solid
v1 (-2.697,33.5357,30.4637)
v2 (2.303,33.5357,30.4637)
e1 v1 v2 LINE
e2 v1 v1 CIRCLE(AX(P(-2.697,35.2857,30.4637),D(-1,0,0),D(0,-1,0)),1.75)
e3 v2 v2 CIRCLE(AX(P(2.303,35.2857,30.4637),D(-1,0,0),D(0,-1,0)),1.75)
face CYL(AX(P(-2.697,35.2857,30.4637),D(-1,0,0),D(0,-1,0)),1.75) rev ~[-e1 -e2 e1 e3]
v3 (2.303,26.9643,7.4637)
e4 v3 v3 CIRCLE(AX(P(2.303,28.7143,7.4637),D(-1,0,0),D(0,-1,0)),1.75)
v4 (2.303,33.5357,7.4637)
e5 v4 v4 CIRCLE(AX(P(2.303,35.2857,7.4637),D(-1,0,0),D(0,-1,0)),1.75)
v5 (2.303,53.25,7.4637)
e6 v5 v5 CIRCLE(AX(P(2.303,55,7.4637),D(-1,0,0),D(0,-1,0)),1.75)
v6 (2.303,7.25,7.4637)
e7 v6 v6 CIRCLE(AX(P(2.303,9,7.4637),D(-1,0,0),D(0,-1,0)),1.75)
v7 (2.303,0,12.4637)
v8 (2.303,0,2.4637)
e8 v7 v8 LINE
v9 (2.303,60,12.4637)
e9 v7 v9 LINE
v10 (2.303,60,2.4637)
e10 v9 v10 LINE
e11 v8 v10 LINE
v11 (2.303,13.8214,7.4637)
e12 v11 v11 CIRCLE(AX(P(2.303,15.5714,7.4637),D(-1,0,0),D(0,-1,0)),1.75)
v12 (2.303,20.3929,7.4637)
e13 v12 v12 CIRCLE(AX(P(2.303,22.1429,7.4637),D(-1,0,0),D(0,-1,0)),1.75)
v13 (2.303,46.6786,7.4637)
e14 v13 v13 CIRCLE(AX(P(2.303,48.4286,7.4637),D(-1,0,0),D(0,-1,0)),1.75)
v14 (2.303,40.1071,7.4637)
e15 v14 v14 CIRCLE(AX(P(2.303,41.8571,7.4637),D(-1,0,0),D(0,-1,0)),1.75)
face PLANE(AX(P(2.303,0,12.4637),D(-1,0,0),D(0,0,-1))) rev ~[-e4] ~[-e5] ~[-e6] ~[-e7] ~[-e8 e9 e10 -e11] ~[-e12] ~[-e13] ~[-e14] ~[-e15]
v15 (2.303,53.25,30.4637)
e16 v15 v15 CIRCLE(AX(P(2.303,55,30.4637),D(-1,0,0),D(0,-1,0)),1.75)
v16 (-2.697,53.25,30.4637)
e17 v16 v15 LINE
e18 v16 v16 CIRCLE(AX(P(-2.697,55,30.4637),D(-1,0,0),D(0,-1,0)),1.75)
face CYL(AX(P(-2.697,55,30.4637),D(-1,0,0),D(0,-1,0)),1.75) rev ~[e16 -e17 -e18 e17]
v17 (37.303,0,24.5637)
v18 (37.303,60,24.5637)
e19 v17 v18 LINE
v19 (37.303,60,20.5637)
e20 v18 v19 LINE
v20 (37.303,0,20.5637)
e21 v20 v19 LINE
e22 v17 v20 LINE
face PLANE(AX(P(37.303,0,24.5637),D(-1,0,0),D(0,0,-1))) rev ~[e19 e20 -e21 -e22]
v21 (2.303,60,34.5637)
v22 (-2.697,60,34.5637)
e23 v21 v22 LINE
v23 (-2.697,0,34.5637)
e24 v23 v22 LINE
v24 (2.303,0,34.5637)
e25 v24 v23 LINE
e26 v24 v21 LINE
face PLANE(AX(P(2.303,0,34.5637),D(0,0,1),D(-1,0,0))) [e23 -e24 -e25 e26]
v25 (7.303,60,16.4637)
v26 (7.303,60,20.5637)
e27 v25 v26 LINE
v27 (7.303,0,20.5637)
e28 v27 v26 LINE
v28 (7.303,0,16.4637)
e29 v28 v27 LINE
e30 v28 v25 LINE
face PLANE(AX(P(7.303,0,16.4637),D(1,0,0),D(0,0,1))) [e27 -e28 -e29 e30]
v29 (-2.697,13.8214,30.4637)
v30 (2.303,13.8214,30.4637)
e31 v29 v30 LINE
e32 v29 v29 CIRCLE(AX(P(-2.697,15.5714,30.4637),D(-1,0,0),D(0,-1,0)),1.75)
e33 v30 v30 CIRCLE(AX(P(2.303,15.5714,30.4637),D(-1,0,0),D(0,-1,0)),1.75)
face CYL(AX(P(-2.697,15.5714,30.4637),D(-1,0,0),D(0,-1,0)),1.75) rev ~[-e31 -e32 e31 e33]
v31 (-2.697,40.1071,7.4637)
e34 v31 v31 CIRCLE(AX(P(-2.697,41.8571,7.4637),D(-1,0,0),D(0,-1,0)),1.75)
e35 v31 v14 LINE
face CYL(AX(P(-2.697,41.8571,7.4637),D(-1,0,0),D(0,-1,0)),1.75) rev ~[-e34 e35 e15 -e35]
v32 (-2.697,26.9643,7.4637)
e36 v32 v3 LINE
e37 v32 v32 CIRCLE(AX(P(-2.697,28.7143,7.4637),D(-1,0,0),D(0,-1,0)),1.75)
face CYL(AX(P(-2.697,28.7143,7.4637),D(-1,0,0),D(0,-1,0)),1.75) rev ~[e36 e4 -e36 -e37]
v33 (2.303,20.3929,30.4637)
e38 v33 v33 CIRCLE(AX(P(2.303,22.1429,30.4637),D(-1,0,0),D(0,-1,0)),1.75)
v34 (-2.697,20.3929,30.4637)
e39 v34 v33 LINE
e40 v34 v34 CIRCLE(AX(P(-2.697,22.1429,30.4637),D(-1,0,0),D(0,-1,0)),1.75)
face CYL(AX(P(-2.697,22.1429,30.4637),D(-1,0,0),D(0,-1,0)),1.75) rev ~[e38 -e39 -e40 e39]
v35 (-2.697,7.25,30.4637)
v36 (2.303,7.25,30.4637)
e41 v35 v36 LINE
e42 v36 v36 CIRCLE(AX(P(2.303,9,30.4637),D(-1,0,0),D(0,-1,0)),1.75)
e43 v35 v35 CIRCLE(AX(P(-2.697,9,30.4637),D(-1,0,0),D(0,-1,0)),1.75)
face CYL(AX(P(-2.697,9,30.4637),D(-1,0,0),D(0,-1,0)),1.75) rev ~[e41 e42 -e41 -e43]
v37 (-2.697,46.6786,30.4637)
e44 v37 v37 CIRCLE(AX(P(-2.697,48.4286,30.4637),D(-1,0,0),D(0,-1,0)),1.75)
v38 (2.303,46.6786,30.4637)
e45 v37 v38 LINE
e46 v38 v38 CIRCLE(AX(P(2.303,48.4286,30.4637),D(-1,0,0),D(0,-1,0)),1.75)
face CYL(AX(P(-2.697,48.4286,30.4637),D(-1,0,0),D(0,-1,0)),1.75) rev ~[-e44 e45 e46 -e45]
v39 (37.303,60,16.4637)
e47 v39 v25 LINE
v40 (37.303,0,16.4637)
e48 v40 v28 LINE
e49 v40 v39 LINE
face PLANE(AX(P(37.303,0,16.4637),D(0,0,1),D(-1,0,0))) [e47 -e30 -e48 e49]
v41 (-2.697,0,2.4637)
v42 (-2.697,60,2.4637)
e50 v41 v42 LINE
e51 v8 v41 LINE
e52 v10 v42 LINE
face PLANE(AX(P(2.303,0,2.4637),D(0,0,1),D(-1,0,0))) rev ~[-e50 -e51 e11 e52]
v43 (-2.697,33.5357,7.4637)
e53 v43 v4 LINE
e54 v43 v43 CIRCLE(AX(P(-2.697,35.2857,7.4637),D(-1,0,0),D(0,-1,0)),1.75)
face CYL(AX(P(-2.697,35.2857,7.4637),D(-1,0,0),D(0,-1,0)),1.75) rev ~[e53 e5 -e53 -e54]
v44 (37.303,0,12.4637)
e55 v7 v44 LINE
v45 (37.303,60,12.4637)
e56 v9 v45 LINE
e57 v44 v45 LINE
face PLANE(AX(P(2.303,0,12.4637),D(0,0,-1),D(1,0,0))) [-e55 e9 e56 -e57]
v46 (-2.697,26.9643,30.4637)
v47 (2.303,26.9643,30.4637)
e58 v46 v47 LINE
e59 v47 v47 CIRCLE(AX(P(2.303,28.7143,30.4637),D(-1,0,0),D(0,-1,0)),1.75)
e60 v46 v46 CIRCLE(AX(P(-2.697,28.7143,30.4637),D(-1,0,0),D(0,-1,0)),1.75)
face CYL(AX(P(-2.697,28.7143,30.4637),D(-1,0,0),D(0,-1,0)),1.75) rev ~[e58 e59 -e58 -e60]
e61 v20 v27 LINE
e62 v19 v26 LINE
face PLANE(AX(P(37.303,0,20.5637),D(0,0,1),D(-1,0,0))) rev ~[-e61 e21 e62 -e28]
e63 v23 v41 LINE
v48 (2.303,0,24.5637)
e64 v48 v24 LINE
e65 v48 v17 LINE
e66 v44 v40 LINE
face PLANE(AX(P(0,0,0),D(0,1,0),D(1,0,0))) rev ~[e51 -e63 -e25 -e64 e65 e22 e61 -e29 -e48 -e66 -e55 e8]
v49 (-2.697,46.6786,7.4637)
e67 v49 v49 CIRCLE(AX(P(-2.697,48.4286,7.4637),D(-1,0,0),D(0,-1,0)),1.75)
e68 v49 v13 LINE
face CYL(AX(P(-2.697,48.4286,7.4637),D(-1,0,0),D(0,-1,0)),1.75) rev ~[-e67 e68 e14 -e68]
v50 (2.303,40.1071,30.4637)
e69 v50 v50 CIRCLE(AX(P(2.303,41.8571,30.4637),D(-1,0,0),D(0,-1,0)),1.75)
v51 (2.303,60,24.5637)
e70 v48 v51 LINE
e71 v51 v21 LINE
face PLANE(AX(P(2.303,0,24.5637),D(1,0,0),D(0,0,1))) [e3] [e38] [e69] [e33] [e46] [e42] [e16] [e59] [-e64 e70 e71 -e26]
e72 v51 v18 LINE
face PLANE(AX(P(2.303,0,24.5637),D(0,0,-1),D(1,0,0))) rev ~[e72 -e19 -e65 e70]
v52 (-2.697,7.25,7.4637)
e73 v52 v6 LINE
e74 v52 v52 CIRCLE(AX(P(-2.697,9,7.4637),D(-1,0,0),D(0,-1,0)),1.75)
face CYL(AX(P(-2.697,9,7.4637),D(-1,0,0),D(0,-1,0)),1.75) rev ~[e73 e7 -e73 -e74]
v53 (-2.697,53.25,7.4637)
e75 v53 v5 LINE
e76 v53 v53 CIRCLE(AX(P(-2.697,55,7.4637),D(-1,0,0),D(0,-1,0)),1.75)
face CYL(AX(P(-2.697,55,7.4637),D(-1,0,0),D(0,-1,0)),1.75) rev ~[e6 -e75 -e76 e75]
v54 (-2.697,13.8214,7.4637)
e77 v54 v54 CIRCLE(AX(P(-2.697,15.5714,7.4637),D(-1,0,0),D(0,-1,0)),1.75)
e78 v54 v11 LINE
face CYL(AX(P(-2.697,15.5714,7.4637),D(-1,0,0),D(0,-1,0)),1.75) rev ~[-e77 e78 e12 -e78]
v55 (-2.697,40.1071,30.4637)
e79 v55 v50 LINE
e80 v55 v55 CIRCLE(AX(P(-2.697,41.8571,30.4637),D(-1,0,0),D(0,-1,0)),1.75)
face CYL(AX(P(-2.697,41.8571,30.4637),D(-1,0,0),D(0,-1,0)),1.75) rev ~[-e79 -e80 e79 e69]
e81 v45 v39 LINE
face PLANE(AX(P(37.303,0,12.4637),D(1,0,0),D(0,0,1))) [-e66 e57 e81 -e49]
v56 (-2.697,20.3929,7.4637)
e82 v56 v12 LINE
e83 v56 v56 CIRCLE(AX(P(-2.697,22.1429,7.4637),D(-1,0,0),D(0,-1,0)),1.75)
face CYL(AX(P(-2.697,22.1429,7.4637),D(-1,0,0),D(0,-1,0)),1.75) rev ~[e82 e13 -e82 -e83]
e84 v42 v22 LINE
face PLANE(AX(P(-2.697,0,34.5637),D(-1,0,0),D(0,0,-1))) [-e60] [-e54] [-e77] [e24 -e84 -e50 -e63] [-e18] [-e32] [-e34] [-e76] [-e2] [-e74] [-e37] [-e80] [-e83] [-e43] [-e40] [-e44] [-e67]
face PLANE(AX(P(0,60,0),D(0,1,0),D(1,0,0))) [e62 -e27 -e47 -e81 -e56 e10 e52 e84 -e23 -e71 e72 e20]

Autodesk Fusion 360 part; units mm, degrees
sketch "Sketch1" plane through (0, 0, 0) normal (0, 1, 0) x (1, 0, 0)
  line L0 (37.303, -16.4637) -> (7.303, -16.4637)
  line L1 (-2.697, -16.4637) -> (-2.697, -12.4637)
  line L2 (2.303, -12.4637) -> (37.303, -12.4637)
  line L3 (37.303, -12.4637) -> (37.303, -16.4637)
  line L4 (37.303, -18.5137) -> (-5.6588, -18.5137) construction
  line L5 (2.303, -24.5637) -> (37.303, -24.5637)
  line L6 (-2.697, -20.5637) -> (-2.697, -24.5637)
  line L7 (37.303, -20.5637) -> (7.303, -20.5637)
  line L8 (37.303, -24.5637) -> (37.303, -20.5637)
  line L9 (-2.697, -16.4637) -> (-2.697, -20.5637)
  line L10 (7.303, -16.4637) -> (7.303, -20.5637)
  line L11 (2.303, -12.4637) -> (2.303, -2.4637)
  line L12 (2.303, -2.4637) -> (-2.697, -2.4637)
  line L13 (-2.697, -2.4637) -> (-2.697, -12.4637)
  line L14 (-2.697, -34.5637) -> (-2.697, -24.5637)
  line L15 (2.303, -34.5637) -> (-2.697, -34.5637)
  line L16 (2.303, -24.5637) -> (2.303, -34.5637)
  dimension "d4" = 4
  dimension "d5" = 10
  dimension "d6" = 5
  dimension "d7" = 10
extrude "Extrude1" add sketch "Sketch1" along normal blind 60
sketch "Sketch2" plane through (-2.697, 0, 0) normal (-1, 0, 0) x (0, -1, 0)
  line L0 (0, 2.4637) -> (0, 34.5637)
  line L1 (0, 34.5637) -> (-60, 34.5637)
  line L2 (-60, 34.5637) -> (-60, 2.4637)
  line L3 (-60, 2.4637) -> (0, 2.4637)
  circle A0 centre (-55, 7.4637) radius 1.75
  circle A1 centre (-48.4286, 7.4637) radius 1.75
  circle A2 centre (-41.8571, 7.4637) radius 1.75
  circle A3 centre (-35.2857, 7.4637) radius 1.75
  circle A4 centre (-28.7143, 7.4637) radius 1.75
  circle A5 centre (-22.1429, 7.4637) radius 1.75
  circle A6 centre (-15.5714, 7.4637) radius 1.75
  circle A7 centre (-9, 7.4637) radius 1.75
  circle A8 centre (-55, 30.4637) radius 1.75
  circle A9 centre (-48.4286, 30.4637) radius 1.75
  circle A10 centre (-41.8571, 30.4637) radius 1.75
  circle A11 centre (-35.2857, 30.4637) radius 1.75
  circle A12 centre (-28.7143, 30.4637) radius 1.75
  circle A13 centre (-22.1429, 30.4637) radius 1.75
  circle A14 centre (-15.5714, 30.4637) radius 1.75
  circle A15 centre (-9, 30.4637) radius 1.75
  dimension "d10" = 3.5
  dimension "d11" = 5
  dimension "d12" = 5
  dimension "d15" = 46
  dimension "d16" = 0
  dimension "d17" = 3.5
  dimension "d18" = 28
  dimension "d21" = 46
  dimension "d22" = 0
extrude "Extrude2" cut sketch "Sketch2" against normal blind 11 contours A0 | A1 | A2 | A3 | A4 | A5 | A6 | A7 | A8 | A9 | A10 | A11 | A12 | A13 | A14 | A15
